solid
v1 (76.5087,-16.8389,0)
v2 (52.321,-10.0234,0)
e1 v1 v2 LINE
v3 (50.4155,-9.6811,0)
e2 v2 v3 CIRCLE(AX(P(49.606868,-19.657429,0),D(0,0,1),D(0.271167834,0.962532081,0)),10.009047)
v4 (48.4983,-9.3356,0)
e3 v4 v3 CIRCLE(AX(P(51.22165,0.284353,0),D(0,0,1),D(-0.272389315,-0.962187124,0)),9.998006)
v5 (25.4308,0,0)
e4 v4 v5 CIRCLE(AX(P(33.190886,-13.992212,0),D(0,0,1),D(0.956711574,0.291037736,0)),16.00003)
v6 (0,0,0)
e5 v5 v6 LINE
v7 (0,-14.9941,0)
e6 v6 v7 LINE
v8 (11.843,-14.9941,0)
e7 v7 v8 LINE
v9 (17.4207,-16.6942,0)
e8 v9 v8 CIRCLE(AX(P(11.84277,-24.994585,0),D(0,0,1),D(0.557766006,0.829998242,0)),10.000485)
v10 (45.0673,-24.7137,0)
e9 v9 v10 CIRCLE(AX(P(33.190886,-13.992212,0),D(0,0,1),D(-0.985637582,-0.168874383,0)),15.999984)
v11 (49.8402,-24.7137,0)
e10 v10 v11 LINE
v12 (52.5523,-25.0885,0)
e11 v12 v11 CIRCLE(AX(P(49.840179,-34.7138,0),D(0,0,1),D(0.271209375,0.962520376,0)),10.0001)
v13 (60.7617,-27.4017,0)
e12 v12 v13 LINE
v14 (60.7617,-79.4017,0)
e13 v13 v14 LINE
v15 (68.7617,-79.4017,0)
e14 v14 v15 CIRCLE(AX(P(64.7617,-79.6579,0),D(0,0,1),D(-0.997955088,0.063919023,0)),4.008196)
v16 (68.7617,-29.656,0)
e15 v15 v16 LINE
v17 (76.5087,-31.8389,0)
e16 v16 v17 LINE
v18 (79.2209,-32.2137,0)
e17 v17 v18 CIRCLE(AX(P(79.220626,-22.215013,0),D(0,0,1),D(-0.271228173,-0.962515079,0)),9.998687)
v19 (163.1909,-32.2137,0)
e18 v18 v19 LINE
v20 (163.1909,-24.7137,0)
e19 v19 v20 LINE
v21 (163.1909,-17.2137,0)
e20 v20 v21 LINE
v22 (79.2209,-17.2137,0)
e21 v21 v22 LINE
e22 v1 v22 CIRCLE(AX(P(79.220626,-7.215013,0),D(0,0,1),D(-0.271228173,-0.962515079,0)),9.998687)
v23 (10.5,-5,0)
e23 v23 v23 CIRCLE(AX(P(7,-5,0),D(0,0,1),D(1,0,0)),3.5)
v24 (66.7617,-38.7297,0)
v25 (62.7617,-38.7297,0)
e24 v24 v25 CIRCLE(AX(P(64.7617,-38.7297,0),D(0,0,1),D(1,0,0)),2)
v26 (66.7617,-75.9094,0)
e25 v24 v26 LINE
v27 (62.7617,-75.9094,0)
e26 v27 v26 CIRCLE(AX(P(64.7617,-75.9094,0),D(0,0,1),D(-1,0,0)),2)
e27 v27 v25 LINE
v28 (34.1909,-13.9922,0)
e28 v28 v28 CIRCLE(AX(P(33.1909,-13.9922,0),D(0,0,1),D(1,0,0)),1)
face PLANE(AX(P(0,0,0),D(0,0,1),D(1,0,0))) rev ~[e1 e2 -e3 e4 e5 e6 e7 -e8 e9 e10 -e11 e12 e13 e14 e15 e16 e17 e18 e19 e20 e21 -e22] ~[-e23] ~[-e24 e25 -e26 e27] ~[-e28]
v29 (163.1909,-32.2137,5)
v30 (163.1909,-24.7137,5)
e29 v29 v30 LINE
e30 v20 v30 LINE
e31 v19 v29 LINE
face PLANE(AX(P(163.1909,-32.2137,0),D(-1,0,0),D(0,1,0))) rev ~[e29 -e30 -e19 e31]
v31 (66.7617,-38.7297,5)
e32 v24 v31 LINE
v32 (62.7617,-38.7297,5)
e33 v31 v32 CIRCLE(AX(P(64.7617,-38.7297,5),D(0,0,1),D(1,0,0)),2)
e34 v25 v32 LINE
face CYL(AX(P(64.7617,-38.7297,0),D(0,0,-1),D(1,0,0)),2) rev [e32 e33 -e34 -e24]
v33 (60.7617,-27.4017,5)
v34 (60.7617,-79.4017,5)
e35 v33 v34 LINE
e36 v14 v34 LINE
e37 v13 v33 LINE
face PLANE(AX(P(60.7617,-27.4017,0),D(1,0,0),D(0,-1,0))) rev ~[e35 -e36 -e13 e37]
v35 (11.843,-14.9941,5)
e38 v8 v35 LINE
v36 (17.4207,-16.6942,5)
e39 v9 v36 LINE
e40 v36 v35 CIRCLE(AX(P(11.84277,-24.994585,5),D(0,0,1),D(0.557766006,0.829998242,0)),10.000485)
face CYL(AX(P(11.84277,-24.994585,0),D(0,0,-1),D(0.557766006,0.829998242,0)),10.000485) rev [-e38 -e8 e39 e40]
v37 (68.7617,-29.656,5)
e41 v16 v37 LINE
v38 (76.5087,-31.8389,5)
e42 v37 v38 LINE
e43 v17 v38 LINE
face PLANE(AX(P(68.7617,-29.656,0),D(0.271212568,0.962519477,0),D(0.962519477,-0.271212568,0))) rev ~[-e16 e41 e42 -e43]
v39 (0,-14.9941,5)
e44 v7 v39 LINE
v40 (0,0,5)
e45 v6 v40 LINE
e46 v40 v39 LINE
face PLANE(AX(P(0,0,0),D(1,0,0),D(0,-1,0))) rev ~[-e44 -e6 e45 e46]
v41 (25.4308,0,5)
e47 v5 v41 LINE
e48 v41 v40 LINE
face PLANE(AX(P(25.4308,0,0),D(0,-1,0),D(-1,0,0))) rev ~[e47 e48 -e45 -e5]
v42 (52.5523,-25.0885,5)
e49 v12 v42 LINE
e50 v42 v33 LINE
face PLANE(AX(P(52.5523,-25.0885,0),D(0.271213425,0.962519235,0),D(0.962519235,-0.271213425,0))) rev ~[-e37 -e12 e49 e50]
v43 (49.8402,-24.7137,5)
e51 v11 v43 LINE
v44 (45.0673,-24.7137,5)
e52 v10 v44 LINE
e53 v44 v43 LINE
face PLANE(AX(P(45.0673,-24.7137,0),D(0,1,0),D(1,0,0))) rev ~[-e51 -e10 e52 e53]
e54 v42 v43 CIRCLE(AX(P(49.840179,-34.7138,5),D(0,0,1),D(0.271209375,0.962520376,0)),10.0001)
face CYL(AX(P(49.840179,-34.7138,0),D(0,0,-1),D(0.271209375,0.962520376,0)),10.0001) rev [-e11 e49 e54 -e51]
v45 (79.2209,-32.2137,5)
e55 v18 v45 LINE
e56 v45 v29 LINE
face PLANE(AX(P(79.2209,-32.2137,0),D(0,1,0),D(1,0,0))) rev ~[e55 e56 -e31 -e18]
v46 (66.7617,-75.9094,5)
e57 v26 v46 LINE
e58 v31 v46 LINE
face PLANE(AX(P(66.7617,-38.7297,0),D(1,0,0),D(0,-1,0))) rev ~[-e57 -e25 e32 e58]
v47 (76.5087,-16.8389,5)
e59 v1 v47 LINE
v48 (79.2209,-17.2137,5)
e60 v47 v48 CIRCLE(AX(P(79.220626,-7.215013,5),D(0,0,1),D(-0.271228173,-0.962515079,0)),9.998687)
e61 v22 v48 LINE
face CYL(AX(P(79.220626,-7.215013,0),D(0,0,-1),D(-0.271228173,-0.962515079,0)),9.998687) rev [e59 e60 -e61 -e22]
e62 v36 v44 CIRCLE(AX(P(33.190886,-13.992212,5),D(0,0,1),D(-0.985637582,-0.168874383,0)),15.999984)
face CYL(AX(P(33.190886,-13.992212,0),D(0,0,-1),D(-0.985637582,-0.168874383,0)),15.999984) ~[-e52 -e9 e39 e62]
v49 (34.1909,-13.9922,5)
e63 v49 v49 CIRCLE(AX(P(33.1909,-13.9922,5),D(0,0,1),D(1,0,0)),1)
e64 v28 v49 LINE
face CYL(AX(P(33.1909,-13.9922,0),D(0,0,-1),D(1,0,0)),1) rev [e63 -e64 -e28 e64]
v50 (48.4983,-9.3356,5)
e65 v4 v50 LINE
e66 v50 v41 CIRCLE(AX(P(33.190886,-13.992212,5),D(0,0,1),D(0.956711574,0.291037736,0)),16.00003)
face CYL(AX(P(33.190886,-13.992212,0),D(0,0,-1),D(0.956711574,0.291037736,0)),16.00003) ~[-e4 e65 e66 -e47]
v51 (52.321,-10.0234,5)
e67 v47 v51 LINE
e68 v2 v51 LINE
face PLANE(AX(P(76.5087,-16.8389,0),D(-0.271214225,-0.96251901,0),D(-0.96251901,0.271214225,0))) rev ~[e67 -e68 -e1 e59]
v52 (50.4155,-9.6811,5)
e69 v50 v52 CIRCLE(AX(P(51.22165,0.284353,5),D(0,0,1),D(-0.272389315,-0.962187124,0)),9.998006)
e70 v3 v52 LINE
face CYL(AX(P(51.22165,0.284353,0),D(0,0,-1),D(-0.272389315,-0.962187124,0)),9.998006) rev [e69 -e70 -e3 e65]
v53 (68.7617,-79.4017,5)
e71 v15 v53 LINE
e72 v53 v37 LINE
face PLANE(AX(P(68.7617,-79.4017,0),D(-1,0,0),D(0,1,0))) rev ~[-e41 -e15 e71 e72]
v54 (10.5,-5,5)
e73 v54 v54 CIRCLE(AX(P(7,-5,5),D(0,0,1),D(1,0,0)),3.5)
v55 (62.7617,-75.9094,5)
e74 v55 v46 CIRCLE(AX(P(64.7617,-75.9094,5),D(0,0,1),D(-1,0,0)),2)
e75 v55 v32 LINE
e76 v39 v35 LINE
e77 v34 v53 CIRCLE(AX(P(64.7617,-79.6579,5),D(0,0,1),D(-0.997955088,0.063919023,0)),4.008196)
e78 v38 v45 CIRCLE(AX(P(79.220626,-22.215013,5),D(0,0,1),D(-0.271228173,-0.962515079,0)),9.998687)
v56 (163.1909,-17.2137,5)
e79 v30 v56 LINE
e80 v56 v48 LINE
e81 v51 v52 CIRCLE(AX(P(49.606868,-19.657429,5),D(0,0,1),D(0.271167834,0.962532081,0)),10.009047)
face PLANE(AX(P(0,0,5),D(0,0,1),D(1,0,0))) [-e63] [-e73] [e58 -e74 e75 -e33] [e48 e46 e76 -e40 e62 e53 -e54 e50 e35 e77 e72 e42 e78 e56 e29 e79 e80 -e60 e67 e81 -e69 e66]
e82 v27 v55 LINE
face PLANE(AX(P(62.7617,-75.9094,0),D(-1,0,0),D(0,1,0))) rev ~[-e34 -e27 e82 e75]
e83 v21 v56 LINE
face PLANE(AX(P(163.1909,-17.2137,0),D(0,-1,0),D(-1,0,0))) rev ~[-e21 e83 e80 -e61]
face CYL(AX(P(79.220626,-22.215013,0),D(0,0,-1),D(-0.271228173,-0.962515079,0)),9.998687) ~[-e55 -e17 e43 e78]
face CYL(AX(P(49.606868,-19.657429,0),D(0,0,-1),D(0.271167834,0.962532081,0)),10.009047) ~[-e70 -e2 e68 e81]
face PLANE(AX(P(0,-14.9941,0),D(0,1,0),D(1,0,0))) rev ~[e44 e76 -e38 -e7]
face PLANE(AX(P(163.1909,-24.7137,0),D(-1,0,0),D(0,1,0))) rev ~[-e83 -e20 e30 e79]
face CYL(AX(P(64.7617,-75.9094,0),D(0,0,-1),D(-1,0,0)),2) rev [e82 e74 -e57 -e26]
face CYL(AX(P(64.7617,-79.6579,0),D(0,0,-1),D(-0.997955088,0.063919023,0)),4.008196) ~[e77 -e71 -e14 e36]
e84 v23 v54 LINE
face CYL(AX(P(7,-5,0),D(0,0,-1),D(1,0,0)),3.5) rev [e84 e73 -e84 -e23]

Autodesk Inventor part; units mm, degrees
ref_plane "YZ Plane" through (0, 0, 0) normal (1, 0, 0) x (0, 1, 0)
ref_plane "XZ Plane" through (0, 0, 0) normal (0, 1, 0) x (-1, 0, 0)
ref_plane "XY Plane" through (0, 0, 0) normal (0, 0, 1) x (1, 0, 0)
sketch "Boceto1" plane through (0, 0, 0) normal (0, 0, 1) x (1, 0, 0)
  circle A0 centre (7, -5) radius 3.5
  arc A1 (66.7617, -38.7297) -> (62.7617, -38.7297) centre (64.7617, -38.7297) ccw
  line L0 (66.7617, -38.7297) -> (66.7617, -75.9094)
  arc A2 (62.7617, -75.9094) -> (66.7617, -75.9094) centre (64.7617, -75.9094) ccw
  line L1 (62.7617, -75.9094) -> (62.7617, -38.7297)
  line L2 (163.1909, -24.7137) -> (163.1909, -17.2137)
  line L3 (163.1909, -17.2137) -> (79.2209, -17.2137)
  arc A3 (76.5087, -16.8389) -> (79.2209, -17.2137) centre (79.2209, -7.2137) ccw
  line L4 (76.5087, -16.8389) -> (52.321, -10.0234)
  arc A4 (52.321, -10.0234) -> (50.4155, -9.6811) centre (49.6089, -19.6486) ccw
  arc A5 (48.4983, -9.3356) -> (50.4155, -9.6811) centre (51.2221, 0.2863) ccw
  arc A6 (17.4207, -16.6942) -> (45.0673, -24.7137) centre (33.1909, -13.9922) ccw
  line L5 (45.0673, -24.7137) -> (49.8402, -24.7137)
  arc A7 (52.5523, -25.0885) -> (49.8402, -24.7137) centre (49.8402, -34.7137) ccw
  line L6 (52.5523, -25.0885) -> (60.7617, -27.4017)
  line L7 (60.7617, -27.4017) -> (60.7617, -79.4017)
  arc A8 (60.7617, -79.4017) -> (68.7617, -79.4017) centre (64.7617, -79.6579) ccw
  line L8 (68.7617, -79.4017) -> (68.7617, -29.656)
  line L9 (68.7617, -29.656) -> (76.5087, -31.8389)
  arc A9 (76.5087, -31.8389) -> (79.2209, -32.2137) centre (79.2209, -22.2137) ccw
  line L10 (79.2209, -32.2137) -> (163.1909, -32.2137)
  line L11 (163.1909, -32.2137) -> (163.1909, -17.2137)
  line L12 (25.4308, 0) -> (0, 0)
  line L13 (0, 0) -> (0, -14.9941)
  line L14 (0, -14.9941) -> (11.843, -14.9941)
  arc A10 (17.4207, -16.6942) -> (11.843, -14.9941) centre (11.843, -24.9941) ccw
  arc A11 (48.4983, -9.3356) -> (25.4308, 0) centre (33.1909, -13.9922) ccw
  circle A12 centre (33.1909, -13.9922) radius 1
  point P0 (52.321, -10.0234)
  point P1 (50.4155, -9.6811)
  point P2 (48.4983, -9.3356)
  point P3 (11.843, -14.9941)
  point P4 (17.4207, -16.6942)
  point P5 (45.0673, -24.7137)
  point P6 (49.8402, -24.7137)
  point P7 (52.5523, -25.0885)
  point P8 (60.7617, -79.4017)
  point P9 (68.7617, -79.4017)
  point P10 (79.2209, -32.2137)
  dimension "d0" = 2
extrude "Extrusión1" add sketch "Boceto1" along normal blind 5
properties part number "P6"
